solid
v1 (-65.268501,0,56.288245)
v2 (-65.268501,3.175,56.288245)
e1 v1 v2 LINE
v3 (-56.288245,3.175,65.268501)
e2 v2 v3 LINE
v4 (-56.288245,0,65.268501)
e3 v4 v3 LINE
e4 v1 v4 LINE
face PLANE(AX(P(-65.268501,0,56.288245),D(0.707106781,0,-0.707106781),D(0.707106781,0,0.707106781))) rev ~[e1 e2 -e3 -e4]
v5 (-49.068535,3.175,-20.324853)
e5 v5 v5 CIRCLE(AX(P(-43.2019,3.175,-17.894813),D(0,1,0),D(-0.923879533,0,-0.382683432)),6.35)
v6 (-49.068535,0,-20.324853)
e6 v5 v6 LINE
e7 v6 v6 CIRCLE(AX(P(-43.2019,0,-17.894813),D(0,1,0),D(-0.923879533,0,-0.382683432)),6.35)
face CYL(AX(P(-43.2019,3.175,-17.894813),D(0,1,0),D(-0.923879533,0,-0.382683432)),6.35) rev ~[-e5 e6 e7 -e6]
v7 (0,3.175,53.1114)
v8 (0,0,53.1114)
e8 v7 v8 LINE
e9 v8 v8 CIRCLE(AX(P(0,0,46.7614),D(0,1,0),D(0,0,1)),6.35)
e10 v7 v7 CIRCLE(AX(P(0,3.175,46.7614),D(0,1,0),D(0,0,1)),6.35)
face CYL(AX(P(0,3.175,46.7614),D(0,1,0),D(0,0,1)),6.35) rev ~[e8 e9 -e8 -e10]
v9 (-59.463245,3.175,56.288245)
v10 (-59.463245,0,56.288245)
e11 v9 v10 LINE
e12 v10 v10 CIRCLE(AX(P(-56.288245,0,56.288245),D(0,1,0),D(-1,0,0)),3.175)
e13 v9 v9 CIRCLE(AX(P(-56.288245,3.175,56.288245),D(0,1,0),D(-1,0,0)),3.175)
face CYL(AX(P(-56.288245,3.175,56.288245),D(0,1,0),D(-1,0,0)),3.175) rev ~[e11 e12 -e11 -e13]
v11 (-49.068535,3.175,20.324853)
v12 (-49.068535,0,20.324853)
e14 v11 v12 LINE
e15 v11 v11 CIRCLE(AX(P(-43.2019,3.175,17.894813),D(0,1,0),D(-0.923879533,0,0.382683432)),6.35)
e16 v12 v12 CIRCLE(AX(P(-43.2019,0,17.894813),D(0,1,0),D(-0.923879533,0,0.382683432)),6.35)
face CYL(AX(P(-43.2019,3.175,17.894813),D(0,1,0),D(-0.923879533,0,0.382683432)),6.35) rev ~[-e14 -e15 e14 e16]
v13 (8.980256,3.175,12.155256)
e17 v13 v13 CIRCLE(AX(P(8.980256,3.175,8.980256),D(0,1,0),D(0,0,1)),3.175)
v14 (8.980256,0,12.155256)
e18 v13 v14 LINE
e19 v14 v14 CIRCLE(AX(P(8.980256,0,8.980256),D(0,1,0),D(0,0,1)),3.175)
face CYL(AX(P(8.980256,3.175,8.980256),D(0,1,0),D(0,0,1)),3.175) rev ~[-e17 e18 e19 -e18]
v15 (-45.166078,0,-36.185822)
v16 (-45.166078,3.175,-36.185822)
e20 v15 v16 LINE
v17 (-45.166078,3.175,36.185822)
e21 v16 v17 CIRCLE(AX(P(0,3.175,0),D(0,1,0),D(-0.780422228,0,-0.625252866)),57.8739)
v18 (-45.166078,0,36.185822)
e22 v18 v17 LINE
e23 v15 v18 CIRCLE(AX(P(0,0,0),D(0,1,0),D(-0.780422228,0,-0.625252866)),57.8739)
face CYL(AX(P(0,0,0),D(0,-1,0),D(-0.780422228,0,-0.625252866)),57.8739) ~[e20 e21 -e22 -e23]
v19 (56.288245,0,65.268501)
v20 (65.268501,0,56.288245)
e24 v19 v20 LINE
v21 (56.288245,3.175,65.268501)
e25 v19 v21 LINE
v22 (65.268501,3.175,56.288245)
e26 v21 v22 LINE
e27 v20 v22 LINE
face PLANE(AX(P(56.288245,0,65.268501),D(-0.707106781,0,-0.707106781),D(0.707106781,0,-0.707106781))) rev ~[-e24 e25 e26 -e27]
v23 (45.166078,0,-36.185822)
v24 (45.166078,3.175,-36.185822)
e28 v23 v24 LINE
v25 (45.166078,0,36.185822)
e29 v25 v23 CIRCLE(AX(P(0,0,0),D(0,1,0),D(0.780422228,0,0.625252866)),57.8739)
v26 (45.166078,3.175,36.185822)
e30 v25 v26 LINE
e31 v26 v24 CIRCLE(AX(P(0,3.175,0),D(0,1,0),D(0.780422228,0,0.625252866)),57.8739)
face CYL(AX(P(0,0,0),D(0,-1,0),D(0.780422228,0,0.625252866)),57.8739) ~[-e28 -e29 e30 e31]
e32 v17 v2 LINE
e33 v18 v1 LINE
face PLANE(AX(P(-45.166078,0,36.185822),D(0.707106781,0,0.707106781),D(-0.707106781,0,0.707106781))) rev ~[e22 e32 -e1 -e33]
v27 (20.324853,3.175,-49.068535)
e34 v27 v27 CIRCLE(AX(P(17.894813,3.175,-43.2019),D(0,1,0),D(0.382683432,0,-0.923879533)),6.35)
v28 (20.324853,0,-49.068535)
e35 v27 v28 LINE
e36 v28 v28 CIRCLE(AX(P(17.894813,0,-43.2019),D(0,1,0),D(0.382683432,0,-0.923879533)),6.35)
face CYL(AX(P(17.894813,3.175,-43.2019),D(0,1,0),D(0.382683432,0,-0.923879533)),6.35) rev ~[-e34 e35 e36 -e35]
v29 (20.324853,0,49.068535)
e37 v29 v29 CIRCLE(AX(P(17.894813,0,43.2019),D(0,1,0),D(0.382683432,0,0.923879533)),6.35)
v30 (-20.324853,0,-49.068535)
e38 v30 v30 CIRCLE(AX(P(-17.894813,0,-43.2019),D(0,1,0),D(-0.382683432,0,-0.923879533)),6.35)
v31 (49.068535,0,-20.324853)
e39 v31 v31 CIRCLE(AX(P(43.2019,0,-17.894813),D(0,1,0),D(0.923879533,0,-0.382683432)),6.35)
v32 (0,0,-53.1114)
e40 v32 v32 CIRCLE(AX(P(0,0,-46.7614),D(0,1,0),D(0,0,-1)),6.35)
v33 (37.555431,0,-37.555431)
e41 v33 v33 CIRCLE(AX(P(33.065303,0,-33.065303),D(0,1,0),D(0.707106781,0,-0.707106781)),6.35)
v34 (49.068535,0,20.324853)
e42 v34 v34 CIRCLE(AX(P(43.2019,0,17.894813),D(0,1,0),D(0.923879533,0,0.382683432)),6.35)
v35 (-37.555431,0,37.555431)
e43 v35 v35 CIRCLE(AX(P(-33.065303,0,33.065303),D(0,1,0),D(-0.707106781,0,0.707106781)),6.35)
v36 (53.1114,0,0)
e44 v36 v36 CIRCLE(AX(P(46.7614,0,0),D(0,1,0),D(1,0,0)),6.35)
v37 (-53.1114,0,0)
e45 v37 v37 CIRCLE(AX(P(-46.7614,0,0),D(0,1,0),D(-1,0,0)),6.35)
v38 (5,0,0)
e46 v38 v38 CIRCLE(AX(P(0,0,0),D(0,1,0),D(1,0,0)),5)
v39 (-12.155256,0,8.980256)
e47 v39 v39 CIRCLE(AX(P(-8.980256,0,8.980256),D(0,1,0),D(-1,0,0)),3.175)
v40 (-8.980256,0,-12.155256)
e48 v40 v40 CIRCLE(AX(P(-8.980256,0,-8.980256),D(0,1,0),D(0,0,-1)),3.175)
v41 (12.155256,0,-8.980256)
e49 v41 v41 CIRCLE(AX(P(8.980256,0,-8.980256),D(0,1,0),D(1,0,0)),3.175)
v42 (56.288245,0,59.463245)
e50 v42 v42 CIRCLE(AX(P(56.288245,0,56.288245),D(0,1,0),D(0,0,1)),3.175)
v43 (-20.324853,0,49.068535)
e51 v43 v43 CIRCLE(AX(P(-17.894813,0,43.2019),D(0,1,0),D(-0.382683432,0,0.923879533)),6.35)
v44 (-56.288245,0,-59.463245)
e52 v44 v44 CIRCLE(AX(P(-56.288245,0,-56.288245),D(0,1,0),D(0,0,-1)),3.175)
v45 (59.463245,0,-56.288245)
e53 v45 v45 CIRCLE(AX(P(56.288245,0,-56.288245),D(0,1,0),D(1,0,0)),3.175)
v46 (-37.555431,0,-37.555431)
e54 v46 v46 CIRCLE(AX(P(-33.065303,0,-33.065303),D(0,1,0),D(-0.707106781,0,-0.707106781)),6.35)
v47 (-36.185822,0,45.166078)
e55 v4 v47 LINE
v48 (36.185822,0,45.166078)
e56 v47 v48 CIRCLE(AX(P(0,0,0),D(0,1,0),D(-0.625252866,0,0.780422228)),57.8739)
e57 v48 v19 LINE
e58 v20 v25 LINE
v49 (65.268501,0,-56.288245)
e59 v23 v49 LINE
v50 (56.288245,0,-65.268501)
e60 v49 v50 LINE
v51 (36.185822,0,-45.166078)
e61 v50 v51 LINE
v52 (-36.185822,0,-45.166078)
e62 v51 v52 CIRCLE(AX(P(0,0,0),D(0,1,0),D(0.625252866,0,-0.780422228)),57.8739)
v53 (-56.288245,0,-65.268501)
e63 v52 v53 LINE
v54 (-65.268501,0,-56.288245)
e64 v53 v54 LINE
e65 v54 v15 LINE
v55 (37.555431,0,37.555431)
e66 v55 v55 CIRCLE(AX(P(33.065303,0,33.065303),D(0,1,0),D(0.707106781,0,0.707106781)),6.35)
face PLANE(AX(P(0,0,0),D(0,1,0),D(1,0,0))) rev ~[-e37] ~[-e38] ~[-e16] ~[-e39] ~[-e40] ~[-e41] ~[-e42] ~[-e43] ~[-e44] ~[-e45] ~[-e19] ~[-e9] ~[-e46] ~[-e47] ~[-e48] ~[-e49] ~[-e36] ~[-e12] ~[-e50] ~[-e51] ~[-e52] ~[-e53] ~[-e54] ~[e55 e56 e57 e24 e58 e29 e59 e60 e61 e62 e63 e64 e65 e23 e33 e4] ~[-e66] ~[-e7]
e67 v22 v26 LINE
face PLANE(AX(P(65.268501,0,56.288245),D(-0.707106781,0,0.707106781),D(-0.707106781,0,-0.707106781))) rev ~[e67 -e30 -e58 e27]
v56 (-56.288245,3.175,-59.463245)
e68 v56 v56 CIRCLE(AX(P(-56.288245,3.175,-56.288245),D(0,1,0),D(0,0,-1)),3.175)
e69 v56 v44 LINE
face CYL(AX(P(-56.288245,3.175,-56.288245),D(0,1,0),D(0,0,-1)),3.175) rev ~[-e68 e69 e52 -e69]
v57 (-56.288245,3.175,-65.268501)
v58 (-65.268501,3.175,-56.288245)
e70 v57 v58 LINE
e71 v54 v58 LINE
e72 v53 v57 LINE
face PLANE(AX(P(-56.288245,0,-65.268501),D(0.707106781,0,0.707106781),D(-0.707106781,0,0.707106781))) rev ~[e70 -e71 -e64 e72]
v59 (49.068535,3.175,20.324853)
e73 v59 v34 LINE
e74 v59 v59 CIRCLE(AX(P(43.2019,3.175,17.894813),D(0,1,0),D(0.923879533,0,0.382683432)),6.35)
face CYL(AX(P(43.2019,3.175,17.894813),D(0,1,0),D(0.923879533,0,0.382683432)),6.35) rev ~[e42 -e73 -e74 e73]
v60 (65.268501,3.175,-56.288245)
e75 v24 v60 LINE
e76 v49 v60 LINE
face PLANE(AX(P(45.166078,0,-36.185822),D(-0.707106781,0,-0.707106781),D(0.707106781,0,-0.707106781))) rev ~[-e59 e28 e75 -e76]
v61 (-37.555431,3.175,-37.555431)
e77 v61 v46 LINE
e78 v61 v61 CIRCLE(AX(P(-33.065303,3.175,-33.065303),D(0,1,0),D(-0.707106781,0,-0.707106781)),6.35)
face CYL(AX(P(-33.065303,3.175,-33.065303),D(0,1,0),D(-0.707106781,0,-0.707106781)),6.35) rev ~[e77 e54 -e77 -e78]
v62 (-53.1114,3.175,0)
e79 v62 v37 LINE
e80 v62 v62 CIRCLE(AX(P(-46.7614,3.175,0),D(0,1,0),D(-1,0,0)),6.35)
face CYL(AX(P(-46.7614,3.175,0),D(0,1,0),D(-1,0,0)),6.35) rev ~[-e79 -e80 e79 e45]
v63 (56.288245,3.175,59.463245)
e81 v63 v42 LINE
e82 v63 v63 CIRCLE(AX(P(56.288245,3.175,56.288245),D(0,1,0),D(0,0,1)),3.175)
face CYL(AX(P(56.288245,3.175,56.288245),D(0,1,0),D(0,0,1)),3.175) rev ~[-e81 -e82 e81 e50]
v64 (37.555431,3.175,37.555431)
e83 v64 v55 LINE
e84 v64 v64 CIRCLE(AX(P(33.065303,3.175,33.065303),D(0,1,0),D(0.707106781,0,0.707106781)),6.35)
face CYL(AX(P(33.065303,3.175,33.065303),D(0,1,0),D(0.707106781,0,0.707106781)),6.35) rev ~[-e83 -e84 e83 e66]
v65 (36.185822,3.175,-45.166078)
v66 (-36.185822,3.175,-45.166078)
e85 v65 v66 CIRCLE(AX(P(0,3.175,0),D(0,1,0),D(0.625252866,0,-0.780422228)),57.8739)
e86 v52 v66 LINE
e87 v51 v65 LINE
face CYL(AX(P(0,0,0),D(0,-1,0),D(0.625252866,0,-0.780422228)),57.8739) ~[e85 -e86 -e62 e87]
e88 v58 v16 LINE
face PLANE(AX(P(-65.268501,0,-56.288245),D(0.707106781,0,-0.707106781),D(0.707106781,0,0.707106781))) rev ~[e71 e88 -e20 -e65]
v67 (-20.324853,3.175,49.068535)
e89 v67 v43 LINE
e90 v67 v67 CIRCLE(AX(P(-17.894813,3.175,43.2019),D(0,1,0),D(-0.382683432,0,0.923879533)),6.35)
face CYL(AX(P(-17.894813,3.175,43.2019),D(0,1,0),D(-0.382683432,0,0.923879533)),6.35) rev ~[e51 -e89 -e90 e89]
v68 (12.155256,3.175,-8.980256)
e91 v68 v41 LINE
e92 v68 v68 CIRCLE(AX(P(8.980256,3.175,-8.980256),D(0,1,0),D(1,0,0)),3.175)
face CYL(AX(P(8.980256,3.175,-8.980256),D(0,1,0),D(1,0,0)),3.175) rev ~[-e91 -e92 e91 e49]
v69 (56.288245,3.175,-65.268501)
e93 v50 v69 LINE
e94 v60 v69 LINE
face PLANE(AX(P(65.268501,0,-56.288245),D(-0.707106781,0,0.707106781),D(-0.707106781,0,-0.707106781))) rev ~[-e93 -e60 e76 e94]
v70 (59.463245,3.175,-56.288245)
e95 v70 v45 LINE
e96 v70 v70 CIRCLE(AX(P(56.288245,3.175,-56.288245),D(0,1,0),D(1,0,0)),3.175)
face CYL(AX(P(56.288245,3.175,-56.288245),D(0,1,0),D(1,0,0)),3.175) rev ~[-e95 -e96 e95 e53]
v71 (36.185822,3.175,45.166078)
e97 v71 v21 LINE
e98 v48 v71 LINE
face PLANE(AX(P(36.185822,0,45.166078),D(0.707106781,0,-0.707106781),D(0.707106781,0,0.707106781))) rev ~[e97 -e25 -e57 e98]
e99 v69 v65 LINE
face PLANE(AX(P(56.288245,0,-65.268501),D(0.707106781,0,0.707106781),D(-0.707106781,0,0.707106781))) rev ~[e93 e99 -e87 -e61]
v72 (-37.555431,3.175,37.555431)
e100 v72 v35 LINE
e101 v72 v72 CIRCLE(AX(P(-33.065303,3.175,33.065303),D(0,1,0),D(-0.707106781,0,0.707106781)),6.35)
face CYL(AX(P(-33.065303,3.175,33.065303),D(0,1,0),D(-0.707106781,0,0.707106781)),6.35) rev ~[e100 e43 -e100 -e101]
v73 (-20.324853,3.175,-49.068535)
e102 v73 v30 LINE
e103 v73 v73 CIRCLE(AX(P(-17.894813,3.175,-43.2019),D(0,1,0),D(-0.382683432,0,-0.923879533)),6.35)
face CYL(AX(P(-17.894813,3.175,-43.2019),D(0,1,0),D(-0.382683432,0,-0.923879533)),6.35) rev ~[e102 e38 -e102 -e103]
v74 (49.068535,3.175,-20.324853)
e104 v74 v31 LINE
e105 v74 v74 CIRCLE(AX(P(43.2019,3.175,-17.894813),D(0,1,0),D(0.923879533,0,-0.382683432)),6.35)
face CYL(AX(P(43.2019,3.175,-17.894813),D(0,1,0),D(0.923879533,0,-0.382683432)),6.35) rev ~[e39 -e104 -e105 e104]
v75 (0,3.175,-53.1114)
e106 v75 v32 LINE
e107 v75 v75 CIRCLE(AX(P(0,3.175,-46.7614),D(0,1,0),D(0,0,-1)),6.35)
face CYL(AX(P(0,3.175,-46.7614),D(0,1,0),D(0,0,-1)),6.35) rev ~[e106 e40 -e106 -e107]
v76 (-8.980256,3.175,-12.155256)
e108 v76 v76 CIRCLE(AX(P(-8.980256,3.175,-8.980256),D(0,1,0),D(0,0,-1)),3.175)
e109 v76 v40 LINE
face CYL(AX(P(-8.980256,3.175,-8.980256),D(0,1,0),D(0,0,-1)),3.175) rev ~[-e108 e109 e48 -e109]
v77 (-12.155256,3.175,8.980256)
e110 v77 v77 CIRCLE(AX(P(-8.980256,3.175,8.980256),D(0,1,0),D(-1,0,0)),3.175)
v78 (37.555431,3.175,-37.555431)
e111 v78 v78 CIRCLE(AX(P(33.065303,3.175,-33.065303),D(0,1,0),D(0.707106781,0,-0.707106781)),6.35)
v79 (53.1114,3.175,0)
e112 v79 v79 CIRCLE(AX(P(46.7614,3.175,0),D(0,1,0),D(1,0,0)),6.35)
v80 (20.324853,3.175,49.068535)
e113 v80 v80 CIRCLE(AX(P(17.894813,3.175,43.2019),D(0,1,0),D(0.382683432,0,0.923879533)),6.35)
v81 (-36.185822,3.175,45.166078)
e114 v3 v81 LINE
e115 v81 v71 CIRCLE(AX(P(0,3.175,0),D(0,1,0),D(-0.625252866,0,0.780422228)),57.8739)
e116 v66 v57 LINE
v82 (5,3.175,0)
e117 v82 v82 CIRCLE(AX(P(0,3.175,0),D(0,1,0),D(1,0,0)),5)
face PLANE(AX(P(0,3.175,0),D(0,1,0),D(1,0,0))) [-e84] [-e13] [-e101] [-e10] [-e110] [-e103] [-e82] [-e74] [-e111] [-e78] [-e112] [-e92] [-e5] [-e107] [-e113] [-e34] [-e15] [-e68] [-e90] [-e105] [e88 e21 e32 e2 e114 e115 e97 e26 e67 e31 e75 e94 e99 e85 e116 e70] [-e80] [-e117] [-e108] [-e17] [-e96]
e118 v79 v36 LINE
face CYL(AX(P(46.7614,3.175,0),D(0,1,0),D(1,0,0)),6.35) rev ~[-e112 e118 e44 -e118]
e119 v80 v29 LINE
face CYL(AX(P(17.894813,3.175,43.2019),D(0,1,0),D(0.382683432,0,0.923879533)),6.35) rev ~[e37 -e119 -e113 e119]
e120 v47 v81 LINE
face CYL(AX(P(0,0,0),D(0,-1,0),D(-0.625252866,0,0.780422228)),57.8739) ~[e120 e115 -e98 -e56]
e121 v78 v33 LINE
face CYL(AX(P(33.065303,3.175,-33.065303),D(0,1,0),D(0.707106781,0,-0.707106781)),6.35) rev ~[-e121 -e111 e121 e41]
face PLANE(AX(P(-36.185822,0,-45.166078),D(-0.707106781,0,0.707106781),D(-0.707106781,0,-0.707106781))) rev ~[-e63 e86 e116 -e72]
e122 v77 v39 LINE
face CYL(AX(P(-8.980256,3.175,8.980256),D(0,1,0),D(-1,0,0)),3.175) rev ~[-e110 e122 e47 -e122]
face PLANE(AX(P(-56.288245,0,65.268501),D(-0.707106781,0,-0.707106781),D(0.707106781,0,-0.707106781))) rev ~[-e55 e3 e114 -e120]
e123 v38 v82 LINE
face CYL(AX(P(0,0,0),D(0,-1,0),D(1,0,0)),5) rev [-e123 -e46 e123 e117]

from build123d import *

# Parameters (mm, degrees)
SKETCH1_R                 = 5
BOSS_EXTRUDE1_DEPTH       = 3.175
SKETCH4_R                 = 6.35
BIG_INCO_PIN_HOLE_DEPTH   = 4.175
CIRPATTERN3_COUNT         = 16
SKETCH5_R                 = 3.175
SMALL_INCO_PIN_HOLE_DEPTH = 4.175
CIRPATTERN4_COUNT         = 4


with BuildPart() as part:
    # Sketch1 → Boss-Extrude1 (new body)
    with BuildSketch(Plane(origin=(0, 0, 0), x_dir=(1, 0, 0), z_dir=(0, 1, 0))):
        with BuildLine():
            Line((56.288245367, 65.268501488), (36.185821844, 45.166077965))
            ThreePointArc((36.185821844, 45.166077965), (0, 57.8739), (-36.185821844, 45.166077965))
            Line((-36.185821844, 45.166077965), (-56.288245367, 65.268501488))
            Line((-56.288245367, 65.268501488), (-65.268501488, 56.288245367))
            Line((-65.268501488, 56.288245367), (-45.166077965, 36.185821844))
            ThreePointArc((-45.166077965, 36.185821844), (-57.8739, 0), (-45.166077965, -36.185821844))
            Line((-45.166077965, -36.185821844), (-65.268501488, -56.288245367))
            Line((-65.268501488, -56.288245367), (-56.288245367, -65.268501488))
            Line((-56.288245367, -65.268501488), (-36.185821844, -45.166077965))
            ThreePointArc((-36.185821844, -45.166077965), (0, -57.8739), (36.185821844, -45.166077965))
            Line((36.185821844, -45.166077965), (56.288245367, -65.268501488))
            Line((56.288245367, -65.268501488), (65.268501488, -56.288245367))
            Line((65.268501488, -56.288245367), (45.166077965, -36.185821844))
            ThreePointArc((45.166077965, -36.185821844), (57.8739, 0), (45.166077965, 36.185821844))
            Line((45.166077965, 36.185821844), (65.268501488, 56.288245367))
            Line((65.268501488, 56.288245367), (56.288245367, 65.268501488))
        make_face()
        Circle(SKETCH1_R, mode=Mode.SUBTRACT)
    extrude(amount=BOSS_EXTRUDE1_DEPTH)

    # Sketch4 → Big Inco Pin Hole (cut, through all)
    with BuildSketch(Plane(origin=(0, 3.175, 0), x_dir=(1, 0, 0), z_dir=(0, 1, 0))):
        with Locations((46.7614, 0)):
            Circle(SKETCH4_R)
    big_inco_pin_hole = extrude(amount=-BIG_INCO_PIN_HOLE_DEPTH, mode=Mode.SUBTRACT)

    # CirPattern3: Big Inco Pin Hole ×16 about axis
    cirpattern3_axis = Axis((0, 0, 0), (0, 1, 0))
    for i in range(1, CIRPATTERN3_COUNT):
        add(big_inco_pin_hole.rotate(cirpattern3_axis, i * 360 / CIRPATTERN3_COUNT), mode=Mode.SUBTRACT)

    # Sketch5 → Small Inco Pin Hole (cut, through all)
    with BuildSketch(Plane(origin=(0, 3.175, 0), x_dir=(1, 0, 0), z_dir=(0, 1, 0))):
        with Locations((8.980256121, 8.980256121)):
            Circle(SKETCH5_R)
        with Locations((56.288245367, 56.288245367)):
            Circle(SKETCH5_R)
    small_inco_pin_hole = extrude(amount=-SMALL_INCO_PIN_HOLE_DEPTH, mode=Mode.SUBTRACT)

    # CirPattern4: Small Inco Pin Hole ×4 about axis
    cirpattern4_axis = Axis((0, 0, 0), (0, 1, 0))
    for i in range(1, CIRPATTERN4_COUNT):
        add(small_inco_pin_hole.rotate(cirpattern4_axis, i * 360 / CIRPATTERN4_COUNT), mode=Mode.SUBTRACT)


solid = part.part
